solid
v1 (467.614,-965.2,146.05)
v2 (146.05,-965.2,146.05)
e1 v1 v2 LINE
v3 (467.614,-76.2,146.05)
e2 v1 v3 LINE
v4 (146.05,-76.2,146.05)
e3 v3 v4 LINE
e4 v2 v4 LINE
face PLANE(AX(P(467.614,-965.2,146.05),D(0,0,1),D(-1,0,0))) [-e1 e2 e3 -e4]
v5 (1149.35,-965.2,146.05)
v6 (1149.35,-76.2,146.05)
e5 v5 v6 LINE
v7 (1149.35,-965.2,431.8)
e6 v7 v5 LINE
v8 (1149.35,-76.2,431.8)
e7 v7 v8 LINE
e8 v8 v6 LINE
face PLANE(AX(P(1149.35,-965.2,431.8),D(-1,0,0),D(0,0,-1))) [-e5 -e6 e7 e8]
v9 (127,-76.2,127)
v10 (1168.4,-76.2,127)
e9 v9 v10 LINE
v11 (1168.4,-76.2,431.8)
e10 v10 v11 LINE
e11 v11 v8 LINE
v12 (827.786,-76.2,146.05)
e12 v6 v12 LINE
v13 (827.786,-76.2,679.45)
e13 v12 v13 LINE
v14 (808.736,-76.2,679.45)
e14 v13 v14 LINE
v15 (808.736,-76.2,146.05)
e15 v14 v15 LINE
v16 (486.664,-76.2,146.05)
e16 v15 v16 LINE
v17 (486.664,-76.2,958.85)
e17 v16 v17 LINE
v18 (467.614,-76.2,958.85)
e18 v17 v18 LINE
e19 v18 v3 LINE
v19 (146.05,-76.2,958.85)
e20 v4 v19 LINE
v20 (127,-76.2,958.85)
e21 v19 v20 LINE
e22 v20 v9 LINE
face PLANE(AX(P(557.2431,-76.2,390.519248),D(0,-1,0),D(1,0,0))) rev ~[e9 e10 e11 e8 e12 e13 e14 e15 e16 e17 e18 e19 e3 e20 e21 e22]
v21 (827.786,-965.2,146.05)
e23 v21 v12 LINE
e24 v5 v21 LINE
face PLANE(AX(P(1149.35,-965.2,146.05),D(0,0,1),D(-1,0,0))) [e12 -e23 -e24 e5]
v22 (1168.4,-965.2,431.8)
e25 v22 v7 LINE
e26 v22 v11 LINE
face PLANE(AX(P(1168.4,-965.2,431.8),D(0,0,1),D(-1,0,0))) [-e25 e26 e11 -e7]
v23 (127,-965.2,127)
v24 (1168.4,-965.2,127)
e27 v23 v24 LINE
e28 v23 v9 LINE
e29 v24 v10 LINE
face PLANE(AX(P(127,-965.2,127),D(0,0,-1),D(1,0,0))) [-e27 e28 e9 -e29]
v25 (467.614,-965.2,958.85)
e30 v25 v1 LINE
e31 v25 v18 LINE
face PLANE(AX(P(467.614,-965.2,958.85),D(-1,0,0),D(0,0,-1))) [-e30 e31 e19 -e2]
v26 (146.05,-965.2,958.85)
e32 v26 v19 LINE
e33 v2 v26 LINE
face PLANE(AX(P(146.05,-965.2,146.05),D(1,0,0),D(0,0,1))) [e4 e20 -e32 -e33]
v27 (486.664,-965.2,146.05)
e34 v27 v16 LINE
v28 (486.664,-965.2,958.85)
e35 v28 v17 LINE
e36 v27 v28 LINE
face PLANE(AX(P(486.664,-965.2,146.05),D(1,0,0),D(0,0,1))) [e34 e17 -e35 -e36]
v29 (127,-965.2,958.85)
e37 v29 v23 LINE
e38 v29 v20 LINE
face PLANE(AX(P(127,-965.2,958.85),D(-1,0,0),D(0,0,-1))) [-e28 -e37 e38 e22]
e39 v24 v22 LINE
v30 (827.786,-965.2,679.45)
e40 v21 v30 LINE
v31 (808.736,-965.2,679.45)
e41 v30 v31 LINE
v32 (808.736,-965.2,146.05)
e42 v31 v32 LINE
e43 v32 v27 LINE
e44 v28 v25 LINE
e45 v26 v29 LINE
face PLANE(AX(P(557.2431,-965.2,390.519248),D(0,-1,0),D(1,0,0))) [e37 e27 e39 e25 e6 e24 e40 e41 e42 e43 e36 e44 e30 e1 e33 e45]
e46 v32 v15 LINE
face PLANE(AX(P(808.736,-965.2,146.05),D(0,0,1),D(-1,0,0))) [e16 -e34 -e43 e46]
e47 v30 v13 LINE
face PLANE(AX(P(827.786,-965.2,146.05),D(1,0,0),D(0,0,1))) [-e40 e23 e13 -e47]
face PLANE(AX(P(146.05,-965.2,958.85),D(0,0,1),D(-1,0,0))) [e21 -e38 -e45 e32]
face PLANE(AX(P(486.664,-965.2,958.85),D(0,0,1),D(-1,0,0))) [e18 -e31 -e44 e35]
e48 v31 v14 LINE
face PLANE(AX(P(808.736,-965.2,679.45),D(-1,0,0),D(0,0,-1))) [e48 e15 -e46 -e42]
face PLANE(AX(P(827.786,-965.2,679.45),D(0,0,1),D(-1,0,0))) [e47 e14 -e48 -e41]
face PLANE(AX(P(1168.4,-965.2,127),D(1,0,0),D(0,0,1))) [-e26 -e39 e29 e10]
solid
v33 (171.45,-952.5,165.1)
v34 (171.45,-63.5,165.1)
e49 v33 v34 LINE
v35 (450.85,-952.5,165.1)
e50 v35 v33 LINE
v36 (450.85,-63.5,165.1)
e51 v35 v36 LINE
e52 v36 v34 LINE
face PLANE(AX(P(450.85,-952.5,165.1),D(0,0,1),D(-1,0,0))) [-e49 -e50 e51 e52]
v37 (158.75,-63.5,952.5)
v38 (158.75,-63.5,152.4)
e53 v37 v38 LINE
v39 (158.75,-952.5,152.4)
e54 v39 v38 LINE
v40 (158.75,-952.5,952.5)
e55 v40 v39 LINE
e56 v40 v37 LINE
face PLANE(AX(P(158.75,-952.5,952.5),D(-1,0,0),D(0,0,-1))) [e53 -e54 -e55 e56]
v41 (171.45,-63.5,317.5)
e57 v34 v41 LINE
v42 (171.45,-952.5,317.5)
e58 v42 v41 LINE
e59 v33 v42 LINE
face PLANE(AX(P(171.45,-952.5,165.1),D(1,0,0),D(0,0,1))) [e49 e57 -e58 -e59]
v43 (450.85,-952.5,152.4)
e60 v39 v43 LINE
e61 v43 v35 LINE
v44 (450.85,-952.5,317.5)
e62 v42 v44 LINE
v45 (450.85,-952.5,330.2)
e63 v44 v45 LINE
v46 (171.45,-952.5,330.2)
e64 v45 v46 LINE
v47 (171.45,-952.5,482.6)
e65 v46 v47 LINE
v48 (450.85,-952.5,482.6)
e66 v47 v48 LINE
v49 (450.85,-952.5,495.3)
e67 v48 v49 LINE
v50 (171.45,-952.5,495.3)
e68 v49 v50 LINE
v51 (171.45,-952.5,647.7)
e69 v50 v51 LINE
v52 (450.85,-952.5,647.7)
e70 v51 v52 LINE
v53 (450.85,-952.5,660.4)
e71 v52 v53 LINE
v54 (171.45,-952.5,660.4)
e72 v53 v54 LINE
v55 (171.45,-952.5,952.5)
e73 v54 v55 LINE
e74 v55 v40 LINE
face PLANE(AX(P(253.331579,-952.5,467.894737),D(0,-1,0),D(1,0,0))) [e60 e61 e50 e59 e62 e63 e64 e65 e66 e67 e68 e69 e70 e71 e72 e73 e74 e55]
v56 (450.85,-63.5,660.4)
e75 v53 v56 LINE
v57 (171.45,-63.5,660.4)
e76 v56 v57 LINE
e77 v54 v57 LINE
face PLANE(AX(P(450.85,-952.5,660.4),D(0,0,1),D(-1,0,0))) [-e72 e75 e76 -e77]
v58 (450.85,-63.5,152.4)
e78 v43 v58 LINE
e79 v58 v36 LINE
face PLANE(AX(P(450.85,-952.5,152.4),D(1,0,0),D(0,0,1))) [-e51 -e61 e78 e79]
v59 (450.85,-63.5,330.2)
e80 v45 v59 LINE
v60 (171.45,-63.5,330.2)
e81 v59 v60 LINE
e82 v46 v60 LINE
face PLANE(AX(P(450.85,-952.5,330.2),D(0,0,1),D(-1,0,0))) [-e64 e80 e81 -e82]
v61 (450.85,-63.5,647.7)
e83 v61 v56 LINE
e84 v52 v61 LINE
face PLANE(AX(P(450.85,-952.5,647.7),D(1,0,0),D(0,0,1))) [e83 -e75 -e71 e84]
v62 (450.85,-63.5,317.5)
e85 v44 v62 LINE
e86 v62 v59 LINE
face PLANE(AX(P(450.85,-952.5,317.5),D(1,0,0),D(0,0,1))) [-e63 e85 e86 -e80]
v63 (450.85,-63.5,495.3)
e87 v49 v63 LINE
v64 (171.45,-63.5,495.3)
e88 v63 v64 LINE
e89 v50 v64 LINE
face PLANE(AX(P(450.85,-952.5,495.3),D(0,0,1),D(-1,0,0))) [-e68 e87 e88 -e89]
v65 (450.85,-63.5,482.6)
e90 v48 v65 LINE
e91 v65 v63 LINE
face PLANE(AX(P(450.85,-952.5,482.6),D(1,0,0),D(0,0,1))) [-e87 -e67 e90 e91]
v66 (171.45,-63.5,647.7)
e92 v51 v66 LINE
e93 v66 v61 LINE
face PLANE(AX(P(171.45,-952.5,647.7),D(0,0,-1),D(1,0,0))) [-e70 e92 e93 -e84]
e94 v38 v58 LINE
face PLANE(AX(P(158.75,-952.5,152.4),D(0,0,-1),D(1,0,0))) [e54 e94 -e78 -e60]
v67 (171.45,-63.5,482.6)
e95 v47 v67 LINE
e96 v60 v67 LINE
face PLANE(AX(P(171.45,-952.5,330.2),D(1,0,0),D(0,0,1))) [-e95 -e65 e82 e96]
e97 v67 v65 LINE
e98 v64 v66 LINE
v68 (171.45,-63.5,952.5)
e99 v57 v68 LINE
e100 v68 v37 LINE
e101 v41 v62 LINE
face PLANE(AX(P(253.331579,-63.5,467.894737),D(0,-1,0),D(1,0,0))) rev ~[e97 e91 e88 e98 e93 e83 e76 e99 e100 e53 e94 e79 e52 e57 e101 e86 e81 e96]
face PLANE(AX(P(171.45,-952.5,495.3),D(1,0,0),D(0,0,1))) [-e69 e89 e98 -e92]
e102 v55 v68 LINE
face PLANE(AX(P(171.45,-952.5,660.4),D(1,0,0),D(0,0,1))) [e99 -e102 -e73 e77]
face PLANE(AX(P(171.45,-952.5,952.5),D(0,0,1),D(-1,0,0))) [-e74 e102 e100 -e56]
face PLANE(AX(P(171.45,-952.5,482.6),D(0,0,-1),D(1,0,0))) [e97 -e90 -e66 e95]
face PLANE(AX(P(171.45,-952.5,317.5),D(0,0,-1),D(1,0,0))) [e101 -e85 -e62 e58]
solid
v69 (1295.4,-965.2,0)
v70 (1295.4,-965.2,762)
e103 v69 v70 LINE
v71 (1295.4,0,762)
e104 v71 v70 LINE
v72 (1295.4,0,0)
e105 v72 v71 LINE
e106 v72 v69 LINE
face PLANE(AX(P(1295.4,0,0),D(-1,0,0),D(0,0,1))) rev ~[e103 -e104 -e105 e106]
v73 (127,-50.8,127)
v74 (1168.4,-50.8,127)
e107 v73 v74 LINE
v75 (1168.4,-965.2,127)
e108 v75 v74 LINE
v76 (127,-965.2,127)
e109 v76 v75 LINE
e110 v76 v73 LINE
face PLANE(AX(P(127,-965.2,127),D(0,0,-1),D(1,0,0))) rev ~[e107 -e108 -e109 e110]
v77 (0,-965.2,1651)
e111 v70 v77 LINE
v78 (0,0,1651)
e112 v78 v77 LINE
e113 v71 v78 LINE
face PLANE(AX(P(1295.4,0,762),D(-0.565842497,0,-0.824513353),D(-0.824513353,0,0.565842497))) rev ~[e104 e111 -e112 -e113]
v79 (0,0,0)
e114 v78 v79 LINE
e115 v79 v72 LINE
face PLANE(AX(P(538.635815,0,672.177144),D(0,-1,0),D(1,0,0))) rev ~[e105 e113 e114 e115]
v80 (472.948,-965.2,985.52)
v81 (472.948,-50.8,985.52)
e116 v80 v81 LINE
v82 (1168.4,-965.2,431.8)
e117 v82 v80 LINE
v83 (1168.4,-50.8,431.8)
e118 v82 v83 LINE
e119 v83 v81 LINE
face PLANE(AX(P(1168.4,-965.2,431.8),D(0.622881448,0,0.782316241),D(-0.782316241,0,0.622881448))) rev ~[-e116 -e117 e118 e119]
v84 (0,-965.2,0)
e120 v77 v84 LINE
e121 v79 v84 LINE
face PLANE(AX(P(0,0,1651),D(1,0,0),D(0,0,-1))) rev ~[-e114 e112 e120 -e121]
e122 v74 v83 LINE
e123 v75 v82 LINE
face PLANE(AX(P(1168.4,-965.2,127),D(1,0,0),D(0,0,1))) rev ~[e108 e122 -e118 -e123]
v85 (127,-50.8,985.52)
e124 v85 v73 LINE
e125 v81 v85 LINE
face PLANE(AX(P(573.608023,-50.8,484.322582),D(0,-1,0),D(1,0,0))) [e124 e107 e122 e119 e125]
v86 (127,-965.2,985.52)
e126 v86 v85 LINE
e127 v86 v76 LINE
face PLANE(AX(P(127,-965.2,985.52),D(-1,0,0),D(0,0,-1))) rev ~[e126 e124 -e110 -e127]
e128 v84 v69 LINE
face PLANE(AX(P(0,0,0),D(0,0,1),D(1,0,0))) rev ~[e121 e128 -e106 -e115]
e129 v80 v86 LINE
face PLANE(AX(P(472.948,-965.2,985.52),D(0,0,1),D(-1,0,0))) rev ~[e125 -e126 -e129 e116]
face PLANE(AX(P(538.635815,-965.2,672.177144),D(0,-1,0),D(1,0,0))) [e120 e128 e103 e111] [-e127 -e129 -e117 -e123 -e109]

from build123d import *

# Parameters (mm, degrees)
F1_DEPTH = 965.2
F3_DEPTH = 914.4
F5_DEPTH = 889
F8_DEPTH = 889


with BuildPart() as f1:
    # F0 (on Front) → F1 (new body)
    with BuildSketch(Plane.XZ):
        Polygon((0, 1651), (0, 0), (1295.4, 0), (1295.4, 762), align=None)
    extrude(amount=F1_DEPTH)

    # F2 (on face) → F3 (cut)
    with BuildSketch(Plane.XZ.offset(965.2)):
        Polygon((127, 985.52), (127, 127), (1168.4, 127), (1168.4, 431.8), (472.948, 985.52), align=None)
    extrude(amount=-F3_DEPTH, mode=Mode.SUBTRACT)


with BuildPart() as f5:
    # F4 (on face) → F5 (new body)
    with BuildSketch(Plane.XZ.offset(965.2)):
        Polygon((127, 958.85), (127, 127), (1168.4, 127), (1168.4, 431.8), (1149.35, 431.8), (1149.35, 146.05), (827.786, 146.05), (827.786, 679.45), (808.736, 679.45), (808.736, 146.05), (486.664, 146.05), (486.664, 958.85), (467.614, 958.85), (467.614, 146.05), (146.05, 146.05), (146.05, 958.85), align=None)
    extrude(amount=-F5_DEPTH)


with BuildPart() as f8:
    # F7 (on offset) → F8 (new body)
    with BuildSketch(Plane.XZ.offset(952.5)):
        Polygon((158.75, 952.5), (158.75, 152.4), (450.85, 152.4), (450.85, 165.1), (171.45, 165.1), (171.45, 317.5), (450.85, 317.5), (450.85, 330.2), (171.45, 330.2), (171.45, 482.6), (450.85, 482.6), (450.85, 495.3), (171.45, 495.3), (171.45, 647.7), (450.85, 647.7), (450.85, 660.4), (171.45, 660.4), (171.45, 952.5), align=None)
    extrude(amount=-F8_DEPTH)


solid = Compound([f1.part, f5.part, f8.part])
